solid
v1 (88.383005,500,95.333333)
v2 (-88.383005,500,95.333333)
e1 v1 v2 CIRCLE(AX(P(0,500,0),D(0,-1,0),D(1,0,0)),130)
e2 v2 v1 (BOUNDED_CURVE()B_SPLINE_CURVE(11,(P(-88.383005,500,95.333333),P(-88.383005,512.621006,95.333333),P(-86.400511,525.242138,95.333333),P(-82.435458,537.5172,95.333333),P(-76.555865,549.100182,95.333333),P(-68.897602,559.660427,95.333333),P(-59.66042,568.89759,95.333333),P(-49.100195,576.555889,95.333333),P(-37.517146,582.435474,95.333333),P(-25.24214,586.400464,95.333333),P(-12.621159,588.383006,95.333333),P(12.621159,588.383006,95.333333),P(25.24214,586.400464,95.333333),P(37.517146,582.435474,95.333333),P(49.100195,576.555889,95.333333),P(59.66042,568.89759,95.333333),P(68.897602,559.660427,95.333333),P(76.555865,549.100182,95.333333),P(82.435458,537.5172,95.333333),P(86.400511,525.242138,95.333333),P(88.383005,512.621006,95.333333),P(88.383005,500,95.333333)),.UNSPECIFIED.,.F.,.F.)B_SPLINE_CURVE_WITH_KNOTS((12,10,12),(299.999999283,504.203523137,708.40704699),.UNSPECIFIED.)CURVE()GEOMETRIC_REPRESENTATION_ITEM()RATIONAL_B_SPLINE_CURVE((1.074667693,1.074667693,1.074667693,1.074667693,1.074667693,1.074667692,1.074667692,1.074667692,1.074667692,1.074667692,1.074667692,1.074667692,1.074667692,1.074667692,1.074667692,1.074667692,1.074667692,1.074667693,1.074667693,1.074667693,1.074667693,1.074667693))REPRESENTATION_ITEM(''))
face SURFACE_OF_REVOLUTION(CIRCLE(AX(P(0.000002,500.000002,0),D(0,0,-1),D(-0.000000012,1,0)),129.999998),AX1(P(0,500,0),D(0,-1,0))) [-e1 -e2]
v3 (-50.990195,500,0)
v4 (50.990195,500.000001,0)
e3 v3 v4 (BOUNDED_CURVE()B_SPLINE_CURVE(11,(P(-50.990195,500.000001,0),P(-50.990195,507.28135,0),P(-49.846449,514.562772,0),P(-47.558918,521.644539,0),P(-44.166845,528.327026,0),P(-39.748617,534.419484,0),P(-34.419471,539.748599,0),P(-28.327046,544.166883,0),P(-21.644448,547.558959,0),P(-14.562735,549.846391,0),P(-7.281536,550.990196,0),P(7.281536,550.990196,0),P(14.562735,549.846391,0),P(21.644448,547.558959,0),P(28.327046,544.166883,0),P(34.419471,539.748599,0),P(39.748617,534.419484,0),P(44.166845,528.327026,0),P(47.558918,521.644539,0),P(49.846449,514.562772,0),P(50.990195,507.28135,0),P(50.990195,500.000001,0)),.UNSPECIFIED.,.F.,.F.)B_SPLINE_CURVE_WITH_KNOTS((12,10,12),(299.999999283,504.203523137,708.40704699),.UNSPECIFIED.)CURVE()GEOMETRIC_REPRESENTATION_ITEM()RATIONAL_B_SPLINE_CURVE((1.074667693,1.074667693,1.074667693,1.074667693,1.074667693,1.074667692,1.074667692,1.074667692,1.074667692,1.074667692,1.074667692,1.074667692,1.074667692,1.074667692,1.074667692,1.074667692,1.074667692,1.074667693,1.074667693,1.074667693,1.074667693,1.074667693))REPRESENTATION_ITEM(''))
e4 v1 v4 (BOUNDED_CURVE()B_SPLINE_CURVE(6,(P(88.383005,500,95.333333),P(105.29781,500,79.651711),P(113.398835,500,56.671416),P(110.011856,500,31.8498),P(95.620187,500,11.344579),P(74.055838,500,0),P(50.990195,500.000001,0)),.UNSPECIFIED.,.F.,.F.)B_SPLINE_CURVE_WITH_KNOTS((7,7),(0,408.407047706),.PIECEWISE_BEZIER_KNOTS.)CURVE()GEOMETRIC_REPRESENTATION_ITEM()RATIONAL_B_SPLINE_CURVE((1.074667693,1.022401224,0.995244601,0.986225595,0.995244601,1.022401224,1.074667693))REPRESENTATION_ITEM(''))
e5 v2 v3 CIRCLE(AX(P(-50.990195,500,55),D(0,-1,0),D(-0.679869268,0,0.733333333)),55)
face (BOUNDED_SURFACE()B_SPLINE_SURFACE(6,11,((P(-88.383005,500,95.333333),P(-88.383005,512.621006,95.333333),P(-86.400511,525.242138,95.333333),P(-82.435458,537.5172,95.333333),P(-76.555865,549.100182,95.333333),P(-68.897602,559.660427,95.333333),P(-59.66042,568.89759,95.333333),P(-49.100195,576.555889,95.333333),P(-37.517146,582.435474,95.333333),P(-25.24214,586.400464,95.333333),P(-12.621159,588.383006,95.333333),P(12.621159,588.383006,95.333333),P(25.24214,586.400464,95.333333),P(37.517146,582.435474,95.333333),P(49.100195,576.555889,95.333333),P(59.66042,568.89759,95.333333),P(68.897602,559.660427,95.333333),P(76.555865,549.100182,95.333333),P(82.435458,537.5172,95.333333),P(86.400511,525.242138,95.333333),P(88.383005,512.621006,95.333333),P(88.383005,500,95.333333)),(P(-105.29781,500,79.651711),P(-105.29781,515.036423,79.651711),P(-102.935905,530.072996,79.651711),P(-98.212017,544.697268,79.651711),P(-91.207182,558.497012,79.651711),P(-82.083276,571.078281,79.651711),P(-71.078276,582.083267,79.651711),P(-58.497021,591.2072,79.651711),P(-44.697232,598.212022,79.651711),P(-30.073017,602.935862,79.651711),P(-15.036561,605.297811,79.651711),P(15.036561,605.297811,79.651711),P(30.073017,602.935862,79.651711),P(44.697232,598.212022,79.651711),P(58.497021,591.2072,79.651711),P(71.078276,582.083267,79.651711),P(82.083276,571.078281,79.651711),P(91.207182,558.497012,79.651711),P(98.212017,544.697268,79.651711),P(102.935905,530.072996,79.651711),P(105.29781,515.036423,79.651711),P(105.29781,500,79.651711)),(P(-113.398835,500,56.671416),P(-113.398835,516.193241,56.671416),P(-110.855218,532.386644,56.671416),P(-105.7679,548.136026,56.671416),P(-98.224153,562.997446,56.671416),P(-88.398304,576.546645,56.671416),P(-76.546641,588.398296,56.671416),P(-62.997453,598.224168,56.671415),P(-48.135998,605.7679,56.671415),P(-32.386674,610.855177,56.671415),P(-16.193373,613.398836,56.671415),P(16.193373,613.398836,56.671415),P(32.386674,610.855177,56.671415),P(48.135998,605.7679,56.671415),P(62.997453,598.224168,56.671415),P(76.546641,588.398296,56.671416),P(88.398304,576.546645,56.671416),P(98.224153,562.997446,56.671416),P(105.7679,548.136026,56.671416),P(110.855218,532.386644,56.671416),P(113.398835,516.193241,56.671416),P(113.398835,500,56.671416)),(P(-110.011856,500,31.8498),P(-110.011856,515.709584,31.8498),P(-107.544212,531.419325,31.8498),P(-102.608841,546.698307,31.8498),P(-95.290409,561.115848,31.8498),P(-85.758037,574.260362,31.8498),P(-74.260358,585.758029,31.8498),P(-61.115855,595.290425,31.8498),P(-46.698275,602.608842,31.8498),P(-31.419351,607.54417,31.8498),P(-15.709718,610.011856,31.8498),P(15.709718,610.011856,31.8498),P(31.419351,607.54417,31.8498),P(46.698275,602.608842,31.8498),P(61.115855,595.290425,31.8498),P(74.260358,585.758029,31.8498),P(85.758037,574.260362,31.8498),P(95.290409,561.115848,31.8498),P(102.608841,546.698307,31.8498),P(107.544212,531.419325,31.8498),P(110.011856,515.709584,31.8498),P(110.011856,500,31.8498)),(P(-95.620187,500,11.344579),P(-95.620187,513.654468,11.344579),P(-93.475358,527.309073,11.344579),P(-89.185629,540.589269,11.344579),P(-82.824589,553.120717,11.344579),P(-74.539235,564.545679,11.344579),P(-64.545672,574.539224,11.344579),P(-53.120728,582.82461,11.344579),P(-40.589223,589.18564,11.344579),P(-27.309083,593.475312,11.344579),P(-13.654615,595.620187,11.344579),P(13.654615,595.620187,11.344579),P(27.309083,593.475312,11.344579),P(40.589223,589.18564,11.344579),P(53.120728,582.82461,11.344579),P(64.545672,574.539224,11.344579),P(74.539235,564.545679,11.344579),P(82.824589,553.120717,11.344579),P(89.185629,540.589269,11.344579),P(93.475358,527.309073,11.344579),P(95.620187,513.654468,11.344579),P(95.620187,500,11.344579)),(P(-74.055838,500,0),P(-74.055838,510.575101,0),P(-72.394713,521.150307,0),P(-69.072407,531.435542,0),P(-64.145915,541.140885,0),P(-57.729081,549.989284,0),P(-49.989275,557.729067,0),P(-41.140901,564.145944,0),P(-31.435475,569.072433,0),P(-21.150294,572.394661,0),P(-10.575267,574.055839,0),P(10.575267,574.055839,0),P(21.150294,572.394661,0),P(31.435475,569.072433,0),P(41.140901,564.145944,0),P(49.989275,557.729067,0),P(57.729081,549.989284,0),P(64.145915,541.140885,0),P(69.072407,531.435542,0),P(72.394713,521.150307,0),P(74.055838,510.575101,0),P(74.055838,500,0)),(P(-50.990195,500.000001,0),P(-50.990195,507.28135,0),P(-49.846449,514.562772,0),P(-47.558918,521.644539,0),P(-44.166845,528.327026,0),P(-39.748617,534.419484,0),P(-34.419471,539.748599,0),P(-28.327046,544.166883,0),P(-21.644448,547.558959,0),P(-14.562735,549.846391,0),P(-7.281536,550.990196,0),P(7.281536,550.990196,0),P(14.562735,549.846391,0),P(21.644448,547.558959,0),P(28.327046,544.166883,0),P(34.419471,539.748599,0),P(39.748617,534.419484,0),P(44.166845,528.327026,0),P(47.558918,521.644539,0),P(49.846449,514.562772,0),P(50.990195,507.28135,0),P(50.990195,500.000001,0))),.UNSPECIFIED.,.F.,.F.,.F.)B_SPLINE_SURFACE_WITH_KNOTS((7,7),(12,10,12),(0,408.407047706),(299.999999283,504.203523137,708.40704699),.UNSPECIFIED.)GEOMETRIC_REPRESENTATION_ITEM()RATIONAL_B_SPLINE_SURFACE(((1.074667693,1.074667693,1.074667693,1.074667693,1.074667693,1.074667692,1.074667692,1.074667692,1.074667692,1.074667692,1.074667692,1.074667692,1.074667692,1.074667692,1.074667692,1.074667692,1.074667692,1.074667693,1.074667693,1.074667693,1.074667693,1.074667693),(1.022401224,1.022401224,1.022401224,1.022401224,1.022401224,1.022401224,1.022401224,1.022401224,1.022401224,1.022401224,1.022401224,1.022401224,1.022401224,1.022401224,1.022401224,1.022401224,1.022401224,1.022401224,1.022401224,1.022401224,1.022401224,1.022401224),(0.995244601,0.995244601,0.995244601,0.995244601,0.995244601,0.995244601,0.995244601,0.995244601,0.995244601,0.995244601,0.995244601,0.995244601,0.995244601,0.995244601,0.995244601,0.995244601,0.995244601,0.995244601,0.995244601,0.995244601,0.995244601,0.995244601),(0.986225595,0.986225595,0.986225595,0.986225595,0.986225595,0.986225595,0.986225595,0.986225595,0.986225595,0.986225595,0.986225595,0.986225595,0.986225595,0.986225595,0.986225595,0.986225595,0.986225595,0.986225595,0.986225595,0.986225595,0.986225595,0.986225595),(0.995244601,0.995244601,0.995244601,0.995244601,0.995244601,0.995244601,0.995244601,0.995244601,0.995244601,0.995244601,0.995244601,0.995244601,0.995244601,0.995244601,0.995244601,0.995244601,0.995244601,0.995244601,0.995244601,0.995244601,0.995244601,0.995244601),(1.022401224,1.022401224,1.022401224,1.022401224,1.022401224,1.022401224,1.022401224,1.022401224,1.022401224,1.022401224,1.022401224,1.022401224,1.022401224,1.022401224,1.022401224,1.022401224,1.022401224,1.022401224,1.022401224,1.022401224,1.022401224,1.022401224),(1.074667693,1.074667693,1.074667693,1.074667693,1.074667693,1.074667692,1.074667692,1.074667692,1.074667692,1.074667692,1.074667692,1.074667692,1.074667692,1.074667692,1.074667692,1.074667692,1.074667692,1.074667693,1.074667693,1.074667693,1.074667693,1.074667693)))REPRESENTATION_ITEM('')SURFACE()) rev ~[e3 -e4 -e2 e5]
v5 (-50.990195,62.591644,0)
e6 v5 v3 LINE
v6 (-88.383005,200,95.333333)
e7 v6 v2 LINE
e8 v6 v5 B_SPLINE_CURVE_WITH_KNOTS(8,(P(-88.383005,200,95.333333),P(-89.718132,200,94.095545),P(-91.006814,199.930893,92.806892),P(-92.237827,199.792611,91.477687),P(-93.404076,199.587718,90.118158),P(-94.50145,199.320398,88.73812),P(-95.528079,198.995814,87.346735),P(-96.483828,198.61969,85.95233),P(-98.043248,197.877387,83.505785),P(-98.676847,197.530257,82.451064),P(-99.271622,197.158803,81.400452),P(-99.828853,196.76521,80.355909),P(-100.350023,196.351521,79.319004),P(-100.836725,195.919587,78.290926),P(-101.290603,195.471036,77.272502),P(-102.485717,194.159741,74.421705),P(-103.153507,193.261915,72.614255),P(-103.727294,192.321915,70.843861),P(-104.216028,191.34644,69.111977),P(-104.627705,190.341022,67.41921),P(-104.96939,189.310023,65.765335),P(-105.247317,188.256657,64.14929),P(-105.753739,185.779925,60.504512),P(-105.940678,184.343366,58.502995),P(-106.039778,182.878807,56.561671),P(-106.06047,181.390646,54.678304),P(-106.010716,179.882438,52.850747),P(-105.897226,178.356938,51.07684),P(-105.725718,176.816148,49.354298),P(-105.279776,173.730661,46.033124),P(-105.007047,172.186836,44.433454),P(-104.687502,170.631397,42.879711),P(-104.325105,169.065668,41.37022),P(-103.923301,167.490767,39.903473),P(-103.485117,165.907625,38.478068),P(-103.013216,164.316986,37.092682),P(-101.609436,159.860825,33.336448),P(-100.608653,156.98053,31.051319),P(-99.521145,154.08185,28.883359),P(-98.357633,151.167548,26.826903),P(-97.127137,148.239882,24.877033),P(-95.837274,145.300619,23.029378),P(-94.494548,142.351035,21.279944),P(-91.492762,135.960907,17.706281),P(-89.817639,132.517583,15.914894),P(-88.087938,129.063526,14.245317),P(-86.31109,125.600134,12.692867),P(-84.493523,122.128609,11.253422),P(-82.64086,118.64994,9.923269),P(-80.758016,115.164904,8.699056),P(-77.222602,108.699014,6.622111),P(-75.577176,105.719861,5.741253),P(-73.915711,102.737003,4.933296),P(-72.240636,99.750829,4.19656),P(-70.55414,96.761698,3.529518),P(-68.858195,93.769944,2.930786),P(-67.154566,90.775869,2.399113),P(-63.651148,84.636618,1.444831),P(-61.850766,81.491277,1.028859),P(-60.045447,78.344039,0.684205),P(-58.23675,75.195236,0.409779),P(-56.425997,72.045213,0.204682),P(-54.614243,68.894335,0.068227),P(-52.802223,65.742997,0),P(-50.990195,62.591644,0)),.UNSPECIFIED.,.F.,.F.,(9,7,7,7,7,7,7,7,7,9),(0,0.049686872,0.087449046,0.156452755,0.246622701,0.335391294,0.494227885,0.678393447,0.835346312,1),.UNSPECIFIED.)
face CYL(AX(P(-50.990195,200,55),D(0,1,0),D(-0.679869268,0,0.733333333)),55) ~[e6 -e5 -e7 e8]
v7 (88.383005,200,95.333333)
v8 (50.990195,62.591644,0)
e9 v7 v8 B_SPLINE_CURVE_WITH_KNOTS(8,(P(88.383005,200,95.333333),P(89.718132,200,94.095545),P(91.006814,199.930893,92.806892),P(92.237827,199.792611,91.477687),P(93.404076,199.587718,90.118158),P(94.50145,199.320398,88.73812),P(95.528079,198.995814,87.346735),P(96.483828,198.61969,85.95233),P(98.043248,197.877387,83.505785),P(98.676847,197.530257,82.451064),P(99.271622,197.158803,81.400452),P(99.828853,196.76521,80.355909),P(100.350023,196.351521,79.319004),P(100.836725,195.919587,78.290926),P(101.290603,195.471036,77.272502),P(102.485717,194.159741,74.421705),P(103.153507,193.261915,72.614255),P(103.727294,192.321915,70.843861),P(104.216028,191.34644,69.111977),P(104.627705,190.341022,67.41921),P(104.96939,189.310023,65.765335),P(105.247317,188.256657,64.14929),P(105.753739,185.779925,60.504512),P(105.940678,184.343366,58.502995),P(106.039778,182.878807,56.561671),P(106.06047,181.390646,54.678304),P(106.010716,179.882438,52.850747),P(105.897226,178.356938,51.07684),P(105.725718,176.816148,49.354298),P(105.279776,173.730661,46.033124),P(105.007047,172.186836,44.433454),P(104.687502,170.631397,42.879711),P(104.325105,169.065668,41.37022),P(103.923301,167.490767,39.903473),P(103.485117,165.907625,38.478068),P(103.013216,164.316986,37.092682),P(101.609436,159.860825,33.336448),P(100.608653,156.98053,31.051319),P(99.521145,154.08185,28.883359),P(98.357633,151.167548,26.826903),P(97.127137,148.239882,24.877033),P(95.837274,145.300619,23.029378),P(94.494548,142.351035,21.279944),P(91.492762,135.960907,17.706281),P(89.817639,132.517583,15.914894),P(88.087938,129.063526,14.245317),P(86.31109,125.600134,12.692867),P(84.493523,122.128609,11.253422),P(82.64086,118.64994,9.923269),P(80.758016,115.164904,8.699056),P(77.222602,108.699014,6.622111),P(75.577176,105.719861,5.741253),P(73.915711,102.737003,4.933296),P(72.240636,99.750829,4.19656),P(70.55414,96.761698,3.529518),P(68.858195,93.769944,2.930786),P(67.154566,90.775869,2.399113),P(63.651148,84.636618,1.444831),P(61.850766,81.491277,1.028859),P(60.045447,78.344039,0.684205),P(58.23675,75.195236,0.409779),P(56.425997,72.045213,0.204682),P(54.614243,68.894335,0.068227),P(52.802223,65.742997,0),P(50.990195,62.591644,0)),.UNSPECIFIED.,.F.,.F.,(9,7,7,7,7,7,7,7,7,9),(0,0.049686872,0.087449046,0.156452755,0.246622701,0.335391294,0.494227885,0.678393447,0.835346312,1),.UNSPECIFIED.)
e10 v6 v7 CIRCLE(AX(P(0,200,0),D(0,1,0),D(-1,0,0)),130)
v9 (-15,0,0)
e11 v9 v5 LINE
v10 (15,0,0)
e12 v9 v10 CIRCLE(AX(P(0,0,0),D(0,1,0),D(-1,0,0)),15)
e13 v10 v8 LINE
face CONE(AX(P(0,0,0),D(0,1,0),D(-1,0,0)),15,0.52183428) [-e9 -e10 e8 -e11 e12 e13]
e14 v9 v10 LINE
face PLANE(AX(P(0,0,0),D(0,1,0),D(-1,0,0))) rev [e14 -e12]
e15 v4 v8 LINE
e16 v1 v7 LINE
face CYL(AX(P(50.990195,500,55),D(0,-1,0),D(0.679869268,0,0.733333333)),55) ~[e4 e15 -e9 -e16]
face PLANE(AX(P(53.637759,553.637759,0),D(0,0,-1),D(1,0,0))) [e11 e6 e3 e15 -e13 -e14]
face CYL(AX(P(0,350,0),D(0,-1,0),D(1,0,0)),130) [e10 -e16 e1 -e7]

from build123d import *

# Parameters (mm, degrees)
CYLINDER_W     = 130
CYLINDER_H     = 300
CYLINDER_ANGLE = 180
SPHERE_ANGLE   = 180
CONE_ANGLE     = 180
FILLET_R       = 55


with BuildPart() as cylinder:
    # Cylinder → Cylinder (revolve)
    with BuildSketch(Plane(origin=(0, 500, 0), x_dir=(1, 0, 0), z_dir=(0, 0, -1))):
        with Locations((65, 150)):
            Rectangle(CYLINDER_W, CYLINDER_H)
    revolve(axis=Axis((0, 500, 0), (0, -1, 0)), revolution_arc=CYLINDER_ANGLE)


with BuildPart() as sphere:
    # Sphere → Sphere (revolve)
    with BuildSketch(Plane(origin=(0, 500, 0), x_dir=(1, 0, 0), z_dir=(0, 0, -1))):
        with BuildLine():
            ThreePointArc((0, -130), (91.923882, -91.923882), (130, 0))
            Line((130, 0), (0, 0))
            Line((0, 0), (0, -130))
        make_face()
    revolve(axis=Axis((0, 500, 0), (0, -1, 0)), revolution_arc=SPHERE_ANGLE)


with BuildPart() as fillet_body:
    # Cone → Cone (revolve)
    with BuildSketch(Plane(origin=(0, 0, 0), x_dir=(-1, 0, 0), z_dir=(0, 0, -1))):
        Polygon((0, 0), (15, 0), (130, 200), (0, 200), align=None)
    revolve(axis=Axis((0, 0, 0), (0, 1, 0)), revolution_arc=CONE_ANGLE)

    # Fusion: union Cylinder, Sphere
    add(cylinder.part)
    add(sphere.part)

    # Fillet
    fillet_edges = [fillet_body.edges().sort_by_distance(p)[0] for p in [
        (130, 350, 0),
    ]]
    fillet(fillet_edges, radius=FILLET_R)


solid = fillet_body.part
